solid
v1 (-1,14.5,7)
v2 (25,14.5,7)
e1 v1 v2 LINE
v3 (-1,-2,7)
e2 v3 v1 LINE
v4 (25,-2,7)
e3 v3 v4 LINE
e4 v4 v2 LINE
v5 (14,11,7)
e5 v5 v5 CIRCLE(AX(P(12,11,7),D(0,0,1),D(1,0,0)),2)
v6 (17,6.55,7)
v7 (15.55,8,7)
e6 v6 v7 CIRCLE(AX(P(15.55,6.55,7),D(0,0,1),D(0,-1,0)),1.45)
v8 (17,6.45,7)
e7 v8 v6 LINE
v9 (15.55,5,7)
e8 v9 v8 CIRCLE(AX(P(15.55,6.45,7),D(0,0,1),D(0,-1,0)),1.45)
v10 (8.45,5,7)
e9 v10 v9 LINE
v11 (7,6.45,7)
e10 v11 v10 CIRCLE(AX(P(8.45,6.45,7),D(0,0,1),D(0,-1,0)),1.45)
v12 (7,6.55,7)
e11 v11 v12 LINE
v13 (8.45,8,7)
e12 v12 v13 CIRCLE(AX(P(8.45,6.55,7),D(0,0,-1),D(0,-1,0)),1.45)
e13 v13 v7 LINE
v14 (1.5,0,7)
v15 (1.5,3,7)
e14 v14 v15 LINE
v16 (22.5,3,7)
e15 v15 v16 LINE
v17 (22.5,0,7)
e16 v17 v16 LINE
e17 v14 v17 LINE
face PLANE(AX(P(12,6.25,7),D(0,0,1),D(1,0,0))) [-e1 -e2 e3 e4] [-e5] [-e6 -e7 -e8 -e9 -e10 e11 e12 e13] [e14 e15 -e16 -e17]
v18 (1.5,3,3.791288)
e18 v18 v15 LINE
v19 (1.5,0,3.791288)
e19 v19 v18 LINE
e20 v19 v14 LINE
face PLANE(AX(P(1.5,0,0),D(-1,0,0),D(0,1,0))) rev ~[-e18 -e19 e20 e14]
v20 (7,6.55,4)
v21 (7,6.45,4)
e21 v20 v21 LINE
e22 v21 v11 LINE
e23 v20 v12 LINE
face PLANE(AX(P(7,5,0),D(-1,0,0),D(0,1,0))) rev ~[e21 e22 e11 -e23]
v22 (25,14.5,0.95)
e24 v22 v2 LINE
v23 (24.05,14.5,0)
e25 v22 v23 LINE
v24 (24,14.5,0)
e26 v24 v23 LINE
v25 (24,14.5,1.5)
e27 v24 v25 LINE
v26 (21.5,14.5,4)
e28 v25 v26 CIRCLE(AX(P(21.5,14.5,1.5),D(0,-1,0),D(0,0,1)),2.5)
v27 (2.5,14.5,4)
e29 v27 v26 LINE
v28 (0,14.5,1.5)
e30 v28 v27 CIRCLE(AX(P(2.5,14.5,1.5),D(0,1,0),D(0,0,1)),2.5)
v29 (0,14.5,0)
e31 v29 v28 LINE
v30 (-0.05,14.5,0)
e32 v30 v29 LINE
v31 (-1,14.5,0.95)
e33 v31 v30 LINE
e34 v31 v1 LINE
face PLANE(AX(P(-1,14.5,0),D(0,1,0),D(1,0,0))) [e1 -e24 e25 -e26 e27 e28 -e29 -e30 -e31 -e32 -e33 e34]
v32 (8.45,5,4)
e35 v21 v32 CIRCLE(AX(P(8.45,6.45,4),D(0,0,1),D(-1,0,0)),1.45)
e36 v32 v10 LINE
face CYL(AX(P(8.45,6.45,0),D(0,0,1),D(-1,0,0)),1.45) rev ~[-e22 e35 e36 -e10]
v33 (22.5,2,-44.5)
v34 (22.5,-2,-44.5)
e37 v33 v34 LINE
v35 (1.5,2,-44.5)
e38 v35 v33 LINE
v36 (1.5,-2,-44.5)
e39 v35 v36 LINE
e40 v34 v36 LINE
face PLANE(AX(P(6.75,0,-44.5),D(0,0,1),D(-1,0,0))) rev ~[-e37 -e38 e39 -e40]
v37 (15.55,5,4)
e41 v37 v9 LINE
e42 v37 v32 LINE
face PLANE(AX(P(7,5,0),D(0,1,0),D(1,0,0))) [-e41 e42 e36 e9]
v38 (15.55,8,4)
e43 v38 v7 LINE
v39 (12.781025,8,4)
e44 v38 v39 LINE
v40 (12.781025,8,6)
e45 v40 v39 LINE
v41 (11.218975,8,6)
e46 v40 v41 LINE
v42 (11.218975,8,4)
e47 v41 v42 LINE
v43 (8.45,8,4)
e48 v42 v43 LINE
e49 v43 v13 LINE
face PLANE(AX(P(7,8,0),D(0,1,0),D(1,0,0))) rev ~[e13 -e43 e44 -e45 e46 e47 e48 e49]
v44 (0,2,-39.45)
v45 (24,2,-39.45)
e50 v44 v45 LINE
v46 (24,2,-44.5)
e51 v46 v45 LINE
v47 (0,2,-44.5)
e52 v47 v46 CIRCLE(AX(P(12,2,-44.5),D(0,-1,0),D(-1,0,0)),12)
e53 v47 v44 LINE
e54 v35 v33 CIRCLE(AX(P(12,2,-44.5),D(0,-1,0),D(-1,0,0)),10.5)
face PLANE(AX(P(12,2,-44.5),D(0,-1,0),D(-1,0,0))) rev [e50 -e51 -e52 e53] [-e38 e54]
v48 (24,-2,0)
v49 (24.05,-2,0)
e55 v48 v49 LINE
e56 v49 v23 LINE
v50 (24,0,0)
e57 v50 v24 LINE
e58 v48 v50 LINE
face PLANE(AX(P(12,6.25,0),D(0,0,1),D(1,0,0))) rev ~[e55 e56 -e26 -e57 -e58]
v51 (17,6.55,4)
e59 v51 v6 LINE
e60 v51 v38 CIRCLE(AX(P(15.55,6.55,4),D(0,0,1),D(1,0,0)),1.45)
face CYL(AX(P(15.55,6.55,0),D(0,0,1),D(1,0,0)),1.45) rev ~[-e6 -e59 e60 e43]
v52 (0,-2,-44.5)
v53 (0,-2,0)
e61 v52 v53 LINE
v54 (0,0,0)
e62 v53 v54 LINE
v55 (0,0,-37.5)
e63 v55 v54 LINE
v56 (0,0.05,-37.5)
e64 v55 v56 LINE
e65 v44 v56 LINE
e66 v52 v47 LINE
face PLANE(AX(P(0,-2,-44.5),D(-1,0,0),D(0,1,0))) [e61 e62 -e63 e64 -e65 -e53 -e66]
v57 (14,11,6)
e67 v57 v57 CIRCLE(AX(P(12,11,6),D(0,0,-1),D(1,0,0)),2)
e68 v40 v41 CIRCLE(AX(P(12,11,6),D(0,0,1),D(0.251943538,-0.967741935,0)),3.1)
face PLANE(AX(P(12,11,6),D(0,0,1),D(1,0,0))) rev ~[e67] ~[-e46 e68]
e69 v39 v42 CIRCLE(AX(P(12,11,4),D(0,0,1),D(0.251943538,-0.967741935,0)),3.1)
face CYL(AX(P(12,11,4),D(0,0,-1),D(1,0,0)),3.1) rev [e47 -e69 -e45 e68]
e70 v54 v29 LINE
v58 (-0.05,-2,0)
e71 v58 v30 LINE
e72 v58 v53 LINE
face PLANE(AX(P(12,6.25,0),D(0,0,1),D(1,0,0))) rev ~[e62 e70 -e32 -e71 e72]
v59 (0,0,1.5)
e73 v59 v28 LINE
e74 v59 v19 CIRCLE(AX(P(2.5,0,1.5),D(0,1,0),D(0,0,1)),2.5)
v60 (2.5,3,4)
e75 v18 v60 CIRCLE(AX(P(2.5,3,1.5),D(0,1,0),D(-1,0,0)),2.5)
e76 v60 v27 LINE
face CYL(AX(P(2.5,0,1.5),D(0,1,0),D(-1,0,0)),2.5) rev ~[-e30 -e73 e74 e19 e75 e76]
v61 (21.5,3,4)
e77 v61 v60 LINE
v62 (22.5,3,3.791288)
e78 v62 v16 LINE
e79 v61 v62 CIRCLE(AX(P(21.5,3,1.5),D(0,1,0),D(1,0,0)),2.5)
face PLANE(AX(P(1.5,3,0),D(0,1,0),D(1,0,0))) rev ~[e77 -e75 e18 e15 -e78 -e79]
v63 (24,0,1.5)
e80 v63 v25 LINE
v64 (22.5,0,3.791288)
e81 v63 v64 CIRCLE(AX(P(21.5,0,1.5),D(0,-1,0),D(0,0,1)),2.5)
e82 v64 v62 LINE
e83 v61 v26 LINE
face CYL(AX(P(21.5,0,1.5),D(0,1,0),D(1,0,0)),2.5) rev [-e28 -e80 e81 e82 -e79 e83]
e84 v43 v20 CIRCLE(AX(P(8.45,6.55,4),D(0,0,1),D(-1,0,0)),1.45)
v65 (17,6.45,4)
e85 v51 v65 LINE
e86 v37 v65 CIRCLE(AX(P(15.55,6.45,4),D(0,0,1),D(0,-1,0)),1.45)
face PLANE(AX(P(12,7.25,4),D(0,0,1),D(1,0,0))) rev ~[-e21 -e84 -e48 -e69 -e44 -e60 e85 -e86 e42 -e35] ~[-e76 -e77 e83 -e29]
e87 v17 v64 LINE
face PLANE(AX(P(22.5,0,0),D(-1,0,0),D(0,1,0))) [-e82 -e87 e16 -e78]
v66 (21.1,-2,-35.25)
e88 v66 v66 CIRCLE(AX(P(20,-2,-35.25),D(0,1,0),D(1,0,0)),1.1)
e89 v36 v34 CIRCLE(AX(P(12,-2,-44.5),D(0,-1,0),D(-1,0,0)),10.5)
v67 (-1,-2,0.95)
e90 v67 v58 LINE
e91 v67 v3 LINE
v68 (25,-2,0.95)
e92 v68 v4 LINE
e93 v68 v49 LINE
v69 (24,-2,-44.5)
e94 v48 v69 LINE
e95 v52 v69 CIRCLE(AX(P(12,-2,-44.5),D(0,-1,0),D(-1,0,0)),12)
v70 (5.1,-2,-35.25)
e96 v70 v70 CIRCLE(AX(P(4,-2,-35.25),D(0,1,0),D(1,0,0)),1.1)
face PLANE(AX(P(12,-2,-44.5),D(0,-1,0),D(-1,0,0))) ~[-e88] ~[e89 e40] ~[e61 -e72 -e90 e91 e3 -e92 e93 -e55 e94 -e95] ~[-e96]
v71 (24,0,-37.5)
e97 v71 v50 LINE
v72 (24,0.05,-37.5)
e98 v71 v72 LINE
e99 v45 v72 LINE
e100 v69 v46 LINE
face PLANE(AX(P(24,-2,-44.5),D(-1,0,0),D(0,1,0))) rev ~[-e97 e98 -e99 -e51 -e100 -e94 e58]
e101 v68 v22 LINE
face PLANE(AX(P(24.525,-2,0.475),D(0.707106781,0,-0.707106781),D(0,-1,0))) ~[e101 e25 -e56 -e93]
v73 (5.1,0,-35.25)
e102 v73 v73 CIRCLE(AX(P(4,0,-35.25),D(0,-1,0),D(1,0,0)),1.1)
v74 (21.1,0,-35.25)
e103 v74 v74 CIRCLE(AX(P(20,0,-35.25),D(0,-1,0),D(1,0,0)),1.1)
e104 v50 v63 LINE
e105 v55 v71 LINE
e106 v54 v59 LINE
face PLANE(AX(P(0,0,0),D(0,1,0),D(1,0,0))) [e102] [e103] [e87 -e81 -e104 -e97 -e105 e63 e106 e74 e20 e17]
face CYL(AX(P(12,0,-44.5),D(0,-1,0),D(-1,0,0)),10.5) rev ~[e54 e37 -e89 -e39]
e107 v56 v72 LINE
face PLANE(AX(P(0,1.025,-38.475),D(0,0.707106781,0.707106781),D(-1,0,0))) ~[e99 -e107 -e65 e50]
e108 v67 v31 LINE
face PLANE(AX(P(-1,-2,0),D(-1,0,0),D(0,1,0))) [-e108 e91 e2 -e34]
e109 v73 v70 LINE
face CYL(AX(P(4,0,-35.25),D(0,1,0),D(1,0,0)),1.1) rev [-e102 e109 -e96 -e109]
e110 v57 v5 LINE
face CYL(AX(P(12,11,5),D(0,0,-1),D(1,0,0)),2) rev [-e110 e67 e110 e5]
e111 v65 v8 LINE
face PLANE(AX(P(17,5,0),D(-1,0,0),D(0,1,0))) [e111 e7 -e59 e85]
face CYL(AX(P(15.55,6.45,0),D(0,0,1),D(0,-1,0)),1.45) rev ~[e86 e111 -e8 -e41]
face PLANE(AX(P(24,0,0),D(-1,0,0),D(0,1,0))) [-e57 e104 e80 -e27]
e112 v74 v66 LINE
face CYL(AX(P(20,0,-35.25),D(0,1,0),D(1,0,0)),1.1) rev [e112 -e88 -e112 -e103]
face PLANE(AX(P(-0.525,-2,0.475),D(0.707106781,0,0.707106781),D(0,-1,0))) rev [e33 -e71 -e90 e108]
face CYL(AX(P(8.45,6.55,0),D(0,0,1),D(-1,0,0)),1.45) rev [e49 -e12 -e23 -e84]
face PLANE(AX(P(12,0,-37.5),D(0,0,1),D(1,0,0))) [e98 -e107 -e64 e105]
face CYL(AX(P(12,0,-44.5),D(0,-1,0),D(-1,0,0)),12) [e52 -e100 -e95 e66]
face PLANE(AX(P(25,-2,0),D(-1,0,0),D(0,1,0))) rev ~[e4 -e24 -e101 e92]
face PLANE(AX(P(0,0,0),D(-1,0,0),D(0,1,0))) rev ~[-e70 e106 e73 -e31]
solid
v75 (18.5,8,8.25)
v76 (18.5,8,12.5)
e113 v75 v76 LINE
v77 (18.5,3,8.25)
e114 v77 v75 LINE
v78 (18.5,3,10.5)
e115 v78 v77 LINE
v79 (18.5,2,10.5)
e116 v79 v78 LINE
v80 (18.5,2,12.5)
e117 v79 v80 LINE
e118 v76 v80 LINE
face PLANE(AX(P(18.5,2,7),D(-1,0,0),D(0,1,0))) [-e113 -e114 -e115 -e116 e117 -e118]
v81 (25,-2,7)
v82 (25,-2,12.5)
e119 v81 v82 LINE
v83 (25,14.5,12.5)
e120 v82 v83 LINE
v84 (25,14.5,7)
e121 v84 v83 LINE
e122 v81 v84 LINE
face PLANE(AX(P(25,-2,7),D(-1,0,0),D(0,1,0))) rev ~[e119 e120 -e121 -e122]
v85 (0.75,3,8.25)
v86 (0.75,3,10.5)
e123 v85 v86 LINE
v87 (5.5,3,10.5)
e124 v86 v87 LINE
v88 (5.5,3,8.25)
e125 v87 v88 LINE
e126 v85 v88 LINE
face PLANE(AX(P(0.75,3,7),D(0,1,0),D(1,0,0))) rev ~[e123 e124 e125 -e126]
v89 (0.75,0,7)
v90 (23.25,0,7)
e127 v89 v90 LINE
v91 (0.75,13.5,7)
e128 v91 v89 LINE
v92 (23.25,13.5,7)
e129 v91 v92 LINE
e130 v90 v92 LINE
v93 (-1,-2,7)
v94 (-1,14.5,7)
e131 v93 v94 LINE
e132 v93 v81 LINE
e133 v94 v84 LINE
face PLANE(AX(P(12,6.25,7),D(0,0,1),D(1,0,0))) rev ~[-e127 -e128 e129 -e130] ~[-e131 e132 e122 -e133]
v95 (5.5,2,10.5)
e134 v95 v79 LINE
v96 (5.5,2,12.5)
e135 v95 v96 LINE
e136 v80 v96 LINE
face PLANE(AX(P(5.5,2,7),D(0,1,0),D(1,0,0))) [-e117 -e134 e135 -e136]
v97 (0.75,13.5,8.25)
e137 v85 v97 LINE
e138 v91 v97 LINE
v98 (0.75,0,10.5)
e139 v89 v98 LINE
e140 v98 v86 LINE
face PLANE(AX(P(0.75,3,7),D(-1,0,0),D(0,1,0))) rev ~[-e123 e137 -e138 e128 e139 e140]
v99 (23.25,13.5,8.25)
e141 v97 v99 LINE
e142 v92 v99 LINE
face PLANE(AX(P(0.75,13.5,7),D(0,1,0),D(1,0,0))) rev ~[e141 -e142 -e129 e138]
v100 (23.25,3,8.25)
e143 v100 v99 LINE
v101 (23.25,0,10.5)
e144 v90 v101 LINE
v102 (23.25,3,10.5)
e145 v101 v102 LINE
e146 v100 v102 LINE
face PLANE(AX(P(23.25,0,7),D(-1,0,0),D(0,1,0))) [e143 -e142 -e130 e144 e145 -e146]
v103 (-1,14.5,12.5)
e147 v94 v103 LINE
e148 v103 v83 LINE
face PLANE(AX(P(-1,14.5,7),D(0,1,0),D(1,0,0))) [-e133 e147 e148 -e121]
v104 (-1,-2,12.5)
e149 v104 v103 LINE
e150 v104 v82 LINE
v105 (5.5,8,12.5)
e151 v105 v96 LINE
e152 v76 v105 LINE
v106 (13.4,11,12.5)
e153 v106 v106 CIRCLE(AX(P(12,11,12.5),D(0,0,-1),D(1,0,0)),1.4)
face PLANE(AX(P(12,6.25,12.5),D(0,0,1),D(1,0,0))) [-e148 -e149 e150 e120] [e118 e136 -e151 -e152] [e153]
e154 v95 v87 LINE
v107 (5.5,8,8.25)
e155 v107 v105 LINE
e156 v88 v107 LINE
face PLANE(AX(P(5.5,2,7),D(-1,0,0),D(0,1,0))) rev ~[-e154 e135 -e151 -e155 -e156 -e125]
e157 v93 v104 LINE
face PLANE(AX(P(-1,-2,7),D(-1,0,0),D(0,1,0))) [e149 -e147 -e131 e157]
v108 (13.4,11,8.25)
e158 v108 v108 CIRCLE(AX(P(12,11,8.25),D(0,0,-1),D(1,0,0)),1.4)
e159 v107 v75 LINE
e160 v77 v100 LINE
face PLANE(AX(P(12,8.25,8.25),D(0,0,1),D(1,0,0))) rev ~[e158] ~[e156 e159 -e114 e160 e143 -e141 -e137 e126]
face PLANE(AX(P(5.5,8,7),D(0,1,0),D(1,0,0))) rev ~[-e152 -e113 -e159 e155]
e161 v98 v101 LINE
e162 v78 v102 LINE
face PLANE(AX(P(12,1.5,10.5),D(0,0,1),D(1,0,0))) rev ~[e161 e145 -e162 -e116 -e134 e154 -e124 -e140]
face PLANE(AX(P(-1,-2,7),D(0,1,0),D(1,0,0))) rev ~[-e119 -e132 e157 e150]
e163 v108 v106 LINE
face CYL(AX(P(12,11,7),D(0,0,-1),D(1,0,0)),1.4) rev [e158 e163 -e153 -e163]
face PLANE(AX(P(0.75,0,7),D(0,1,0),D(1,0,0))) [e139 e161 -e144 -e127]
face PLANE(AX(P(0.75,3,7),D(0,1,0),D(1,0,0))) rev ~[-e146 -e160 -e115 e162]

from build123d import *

# Parameters (mm, degrees)
CYLINDER005_R     = 3.1
CYLINDER005_DEPTH = 2
BOX002_W          = 21
BOX002_H          = 3
BOX002_DEPTH      = 7
BOX003_W          = 10
BOX003_H          = 3
BOX003_DEPTH      = 7
FILLET001_R       = 1.45
CYLINDER006_R     = 2
CYLINDER006_DEPTH = 2
BOX_W             = 24
BOX_H             = 14.5
BOX_DEPTH         = 4
FILLET_R          = 2.5
BOX001_W          = 26
BOX001_H          = 16.5
BOX001_DEPTH      = 7
CHAMFER_SIZE      = 0.95
CYLINDER009_W     = 10.5
CYLINDER009_H     = 4
CYLINDER009_ANGLE = 180
CYLINDER008_W     = 12
CYLINDER008_H     = 4
CYLINDER008_ANGLE = 180
BOX011_W          = 24
BOX011_H          = 4
BOX011_DEPTH      = 7
CYLINDER001_R     = 1.1
CYLINDER001_DEPTH = 10
CYLINDER002_R     = 1.1
CYLINDER002_DEPTH = 10
BOX007_W          = 24
BOX007_H          = 2
BOX007_DEPTH      = 43.5
CHAMFER001_SIZE   = 1.95
BOX012_W          = 22.5
BOX012_H          = 10.5
BOX012_DEPTH      = 1.25
CYLINDER007_R     = 1.4
CYLINDER007_DEPTH = 6
BOX004_W          = 22.5
BOX004_H          = 3
BOX004_DEPTH      = 3.5
BOX010_W          = 13
BOX010_H          = 6
BOX010_DEPTH      = 10
BOX005_W          = 26
BOX005_H          = 16.5
BOX005_DEPTH      = 5.5


with BuildPart() as cylinder005_bolt_head:
    # Cylinder005 → Cylinder005 (new body)
    with BuildSketch(Plane(origin=(12, 11, 4), x_dir=(1, 0, 0), z_dir=(0, 0, 1))):
        Circle(CYLINDER005_R)
    extrude(amount=CYLINDER005_DEPTH)


with BuildPart() as cube_header_cutter:
    # Box002 → Box002 (new body)
    with BuildSketch(Plane(origin=(1.5, 0, 0), x_dir=(1, 0, 0), z_dir=(0, 0, 1))):
        with Locations((10.5, 1.5)):
            Rectangle(BOX002_W, BOX002_H)
    extrude(amount=BOX002_DEPTH)


with BuildPart() as fillet001:
    # Box003 → Box003 (new body)
    with BuildSketch(Plane(origin=(7, 5, 0), x_dir=(1, 0, 0), z_dir=(0, 0, 1))):
        with Locations((5, 1.5)):
            Rectangle(BOX003_W, BOX003_H)
    extrude(amount=BOX003_DEPTH)

    # Fillet001
    fillet001_edges = [fillet001.edges().sort_by_distance(p)[0] for p in [
        (7, 5, 3.5),
        (7, 8, 3.5),
        (17, 5, 3.5),
        (17, 8, 3.5),
    ]]
    fillet(fillet001_edges, radius=FILLET001_R)


with BuildPart() as fusion:
    # Cylinder006 → Cylinder006 (new body)
    with BuildSketch(Plane(origin=(12, 11, 5), x_dir=(1, 0, 0), z_dir=(0, 0, 1))):
        Circle(CYLINDER006_R)
    extrude(amount=CYLINDER006_DEPTH)

    # Fusion: union Cylinder005(bolt_head), Cube(header_cutter), Fillet001
    add(cylinder005_bolt_head.part)
    add(cube_header_cutter.part)
    add(fillet001.part)


with BuildPart() as fillet_body:
    # Box → Box (new body)
    with BuildSketch(Plane.XY):
        with Locations((12, 7.25)):
            Rectangle(BOX_W, BOX_H)
    extrude(amount=BOX_DEPTH)

    # Fillet
    fillet_edges = [fillet_body.edges().sort_by_distance(p)[0] for p in [
        (0, 7.25, 4),
        (24, 7.25, 4),
    ]]
    fillet(fillet_edges, radius=FILLET_R)


with BuildPart() as chamfer_body:
    # Box001 → Box001 (new body)
    with BuildSketch(Plane(origin=(-1, -2, 0), x_dir=(1, 0, 0), z_dir=(0, 0, 1))):
        with Locations((13, 8.25)):
            Rectangle(BOX001_W, BOX001_H)
    extrude(amount=BOX001_DEPTH)

    # Cut: cut Fillet body
    add(fillet_body.part, mode=Mode.SUBTRACT)

    # Cut001: cut Fusion
    add(fusion.part, mode=Mode.SUBTRACT)

    # Chamfer
    chamfer_edges = [chamfer_body.edges().sort_by_distance(p)[0] for p in [
        (-1, 6.25, 0),
        (25, 6.25, 0),
    ]]
    chamfer(chamfer_edges, length=CHAMFER_SIZE)


with BuildPart() as cylinder008_inner_hook:
    # Cylinder009 → Cylinder009 (revolve)
    with BuildSketch(Plane(origin=(12, 2, -44.5), x_dir=(-1, 0, 0), z_dir=(0, 0, 1))):
        with Locations((5.25, 2)):
            Rectangle(CYLINDER009_W, CYLINDER009_H)
    revolve(axis=Axis((12, 2, -44.5), (0, -1, 0)), revolution_arc=CYLINDER009_ANGLE)


with BuildPart() as cylinder008_outer_hook:
    # Cylinder008 → Cylinder008 (revolve)
    with BuildSketch(Plane(origin=(12, 2, -44.5), x_dir=(-1, 0, 0), z_dir=(0, 0, 1))):
        with Locations((6, 2)):
            Rectangle(CYLINDER008_W, CYLINDER008_H)
    revolve(axis=Axis((12, 2, -44.5), (0, -1, 0)), revolution_arc=CYLINDER008_ANGLE)


with BuildPart() as cut004:
    # Box011 → Box011 (new body)
    with BuildSketch(Plane(origin=(0, -2, -44.5), x_dir=(1, 0, 0), z_dir=(0, 0, 1))):
        with Locations((12, 2)):
            Rectangle(BOX011_W, BOX011_H)
    extrude(amount=BOX011_DEPTH)

    # Fusion008: union Cylinder008(outer_hook)
    add(cylinder008_outer_hook.part)

    # Cut004: cut Cylinder008(inner_hook)
    add(cylinder008_inner_hook.part, mode=Mode.SUBTRACT)


with BuildPart() as cylinder001_right_bolt_clear:
    # Cylinder001 → Cylinder001 (new body)
    with BuildSketch(Plane(origin=(4, 0, -35.25), x_dir=(1, 0, 0), z_dir=(0, -1, 0))):
        Circle(CYLINDER001_R)
    extrude(amount=CYLINDER001_DEPTH)


with BuildPart() as fusion004:
    # Cylinder002 → Cylinder002 (new body)
    with BuildSketch(Plane(origin=(20, 0, -35.25), x_dir=(1, 0, 0), z_dir=(0, -1, 0))):
        Circle(CYLINDER002_R)
    extrude(amount=CYLINDER002_DEPTH)

    # Fusion004: union Cylinder001(right_bolt_clear)
    add(cylinder001_right_bolt_clear.part)


with BuildPart() as chamfer001_base:
    # Box007 → Box007 (new body)
    with BuildSketch(Plane(origin=(0, -2, -37.5), x_dir=(1, 0, 0), z_dir=(0, 0, 1))):
        with Locations((12, 1)):
            Rectangle(BOX007_W, BOX007_H)
    extrude(amount=BOX007_DEPTH)

    # Cut005: cut Fusion004
    add(fusion004.part, mode=Mode.SUBTRACT)

    # Fusion009: union Chamfer body, Cut004
    add(chamfer_body.part)
    add(cut004.part)

    # Chamfer001
    chamfer001_edges = [chamfer001_base.edges().sort_by_distance(p)[0] for p in [
        (12, 2, -37.5),
    ]]
    chamfer(chamfer001_edges, length=CHAMFER001_SIZE)


with BuildPart() as box012:
    # Box012 → Box012 (new body)
    with BuildSketch(Plane(origin=(0.75, 3, 7), x_dir=(1, 0, 0), z_dir=(0, 0, 1))):
        with Locations((11.25, 5.25)):
            Rectangle(BOX012_W, BOX012_H)
    extrude(amount=BOX012_DEPTH)


with BuildPart() as cylinder005_bolt_thread:
    # Cylinder007 → Cylinder007 (new body)
    with BuildSketch(Plane(origin=(12, 11, 7), x_dir=(1, 0, 0), z_dir=(0, 0, 1))):
        Circle(CYLINDER007_R)
    extrude(amount=CYLINDER007_DEPTH)


with BuildPart() as cube_pcb_cut:
    # Box004 → Box004 (new body)
    with BuildSketch(Plane(origin=(0.75, 0, 7), x_dir=(1, 0, 0), z_dir=(0, 0, 1))):
        with Locations((11.25, 1.5)):
            Rectangle(BOX004_W, BOX004_H)
    extrude(amount=BOX004_DEPTH)


with BuildPart() as fusion007:
    # Box010 → Box010 (new body)
    with BuildSketch(Plane(origin=(5.5, 2, 7), x_dir=(1, 0, 0), z_dir=(0, 0, 1))):
        with Locations((6.5, 3)):
            Rectangle(BOX010_W, BOX010_H)
    extrude(amount=BOX010_DEPTH)

    # Fusion007: union Cylinder005(bolt_thread), Cube(pcb_cut)
    add(cylinder005_bolt_thread.part)
    add(cube_pcb_cut.part)


with BuildPart() as cut006_cover:
    # Box005 → Box005 (new body)
    with BuildSketch(Plane(origin=(-1, -2, 7), x_dir=(1, 0, 0), z_dir=(0, 0, 1))):
        with Locations((13, 8.25)):
            Rectangle(BOX005_W, BOX005_H)
    extrude(amount=BOX005_DEPTH)

    # Cut003: cut Fusion007
    add(fusion007.part, mode=Mode.SUBTRACT)

    # Cut006: cut Box012
    add(box012.part, mode=Mode.SUBTRACT)


solid = Compound([chamfer001_base.part, cut006_cover.part])
